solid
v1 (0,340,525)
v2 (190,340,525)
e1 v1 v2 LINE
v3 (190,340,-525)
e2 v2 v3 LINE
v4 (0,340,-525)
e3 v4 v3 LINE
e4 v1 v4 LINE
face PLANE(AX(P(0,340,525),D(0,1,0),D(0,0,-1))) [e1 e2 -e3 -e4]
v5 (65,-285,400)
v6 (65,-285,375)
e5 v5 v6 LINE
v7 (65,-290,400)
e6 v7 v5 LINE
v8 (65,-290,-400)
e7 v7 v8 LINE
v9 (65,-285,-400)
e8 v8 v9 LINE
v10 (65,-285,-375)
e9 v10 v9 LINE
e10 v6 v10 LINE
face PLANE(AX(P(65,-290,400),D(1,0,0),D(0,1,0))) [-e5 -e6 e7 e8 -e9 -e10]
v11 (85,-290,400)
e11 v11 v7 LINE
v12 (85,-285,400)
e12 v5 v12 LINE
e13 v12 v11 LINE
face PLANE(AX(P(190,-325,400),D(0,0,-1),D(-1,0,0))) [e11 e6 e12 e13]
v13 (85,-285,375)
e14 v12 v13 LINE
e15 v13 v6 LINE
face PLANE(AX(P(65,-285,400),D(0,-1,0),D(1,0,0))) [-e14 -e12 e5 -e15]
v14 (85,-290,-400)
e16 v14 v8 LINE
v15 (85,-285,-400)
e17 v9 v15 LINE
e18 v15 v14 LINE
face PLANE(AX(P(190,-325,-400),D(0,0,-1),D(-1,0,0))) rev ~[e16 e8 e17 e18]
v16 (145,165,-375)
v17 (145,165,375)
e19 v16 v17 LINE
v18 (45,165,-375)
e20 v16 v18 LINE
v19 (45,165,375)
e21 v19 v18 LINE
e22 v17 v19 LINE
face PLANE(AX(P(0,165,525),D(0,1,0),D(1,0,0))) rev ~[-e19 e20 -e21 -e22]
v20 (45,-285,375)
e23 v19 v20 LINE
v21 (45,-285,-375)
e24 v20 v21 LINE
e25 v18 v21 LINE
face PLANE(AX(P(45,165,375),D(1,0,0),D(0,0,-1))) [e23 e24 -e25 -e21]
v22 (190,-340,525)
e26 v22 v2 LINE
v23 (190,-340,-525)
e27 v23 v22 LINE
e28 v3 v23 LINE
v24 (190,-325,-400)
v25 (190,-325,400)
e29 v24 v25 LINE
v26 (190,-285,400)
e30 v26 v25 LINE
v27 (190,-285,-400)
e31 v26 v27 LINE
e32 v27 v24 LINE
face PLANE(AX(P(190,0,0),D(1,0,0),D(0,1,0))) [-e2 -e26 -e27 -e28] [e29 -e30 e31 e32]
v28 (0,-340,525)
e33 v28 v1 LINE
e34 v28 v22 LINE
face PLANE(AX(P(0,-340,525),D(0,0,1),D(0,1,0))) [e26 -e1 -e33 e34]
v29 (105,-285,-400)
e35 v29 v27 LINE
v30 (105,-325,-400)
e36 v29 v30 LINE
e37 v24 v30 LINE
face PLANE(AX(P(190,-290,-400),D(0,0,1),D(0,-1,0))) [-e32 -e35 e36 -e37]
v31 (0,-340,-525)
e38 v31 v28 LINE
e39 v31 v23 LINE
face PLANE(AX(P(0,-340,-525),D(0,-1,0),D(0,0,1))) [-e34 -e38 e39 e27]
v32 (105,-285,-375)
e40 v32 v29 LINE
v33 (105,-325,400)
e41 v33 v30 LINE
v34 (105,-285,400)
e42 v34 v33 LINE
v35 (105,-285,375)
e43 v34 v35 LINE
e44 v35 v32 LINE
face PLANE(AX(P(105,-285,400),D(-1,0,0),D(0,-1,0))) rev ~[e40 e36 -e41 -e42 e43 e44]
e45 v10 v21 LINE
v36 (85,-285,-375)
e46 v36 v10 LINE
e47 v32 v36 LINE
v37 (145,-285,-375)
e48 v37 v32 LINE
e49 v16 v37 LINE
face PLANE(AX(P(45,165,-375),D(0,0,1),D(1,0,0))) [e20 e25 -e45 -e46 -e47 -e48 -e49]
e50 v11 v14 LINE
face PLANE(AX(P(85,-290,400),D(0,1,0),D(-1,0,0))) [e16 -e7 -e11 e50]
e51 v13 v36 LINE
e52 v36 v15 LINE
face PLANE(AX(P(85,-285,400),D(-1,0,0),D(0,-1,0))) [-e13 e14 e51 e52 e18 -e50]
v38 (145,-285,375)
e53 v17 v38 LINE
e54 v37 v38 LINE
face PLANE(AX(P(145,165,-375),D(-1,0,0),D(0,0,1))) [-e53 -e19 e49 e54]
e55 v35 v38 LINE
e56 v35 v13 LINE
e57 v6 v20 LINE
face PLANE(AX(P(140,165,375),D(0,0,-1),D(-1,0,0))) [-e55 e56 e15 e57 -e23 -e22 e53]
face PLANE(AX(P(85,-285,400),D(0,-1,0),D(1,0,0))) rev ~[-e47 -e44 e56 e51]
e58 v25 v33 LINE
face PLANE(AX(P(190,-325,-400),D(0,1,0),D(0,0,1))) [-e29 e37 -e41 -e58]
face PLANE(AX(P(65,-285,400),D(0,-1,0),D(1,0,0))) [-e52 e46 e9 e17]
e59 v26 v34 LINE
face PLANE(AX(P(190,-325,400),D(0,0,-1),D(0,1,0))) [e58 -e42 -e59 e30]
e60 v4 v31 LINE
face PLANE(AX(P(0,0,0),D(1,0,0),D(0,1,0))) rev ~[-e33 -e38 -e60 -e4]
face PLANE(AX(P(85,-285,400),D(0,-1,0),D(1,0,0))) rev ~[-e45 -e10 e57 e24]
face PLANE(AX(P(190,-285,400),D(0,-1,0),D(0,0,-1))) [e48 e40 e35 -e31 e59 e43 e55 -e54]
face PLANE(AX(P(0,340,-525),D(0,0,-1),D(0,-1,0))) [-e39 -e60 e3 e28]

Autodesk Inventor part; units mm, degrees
sketch "草图1" plane through (0, 0, 0) normal (1, 0, 0) x (0, 1, 0)
  line L0 (340, -525) -> (-340, -525)
  line L1 (-340, -525) -> (-340, 525)
  line L2 (-340, 525) -> (340, 525)
  line L3 (340, 525) -> (340, -525)
  line L4 (340, -525) -> (-340, 525) construction
  line L5 (-340, -525) -> (340, 525) construction
  point P0 (0, 0)
  dimension "d0" = 680
  dimension "d1" = 1050
extrude "拉伸1" add sketch "草图1" along normal blind 190
fillet "圆角1" [suppressed]
sketch "草图2" plane through (190, 0, 0) normal (1, 0, 0) x (0, 0, -1)
  line L0 (475, -290) -> (-475, -290) projected
  line L1 (475, 290) -> (475, -290) projected
  line L2 (-475, 290) -> (475, 290) projected
  line L3 (-475, -290) -> (-475, 290) projected
  line L4 (-475, 290) -> (475, 290)
  line L5 (475, 290) -> (475, 190)
  line L6 (475, 190) -> (-475, 190)
  line L7 (-475, 190) -> (-475, 290)
  point P0 (0, 0)
  dimension "d5" = 100
extrude "拉伸2" [suppressed]
sketch "草图3" plane through (190, 0, 0) normal (1, 0, 0) x (0, 0, -1)
  line L0 (-475, -290) -> (-475, 290) projected
  line L1 (475, -290) -> (-475, -290) projected
  line L2 (475, 290) -> (475, -290) projected
  line L3 (-525, -340) -> (525, -340) projected
  line L4 (-525, 340) -> (-525, -340) projected
  line L5 (525, -340) -> (525, 340) projected
  line L6 (-475, -241.0052) -> (375, -241.0052)
  line L7 (375, -241.0052) -> (375, -341.0052)
  line L8 (375, -341.0052) -> (-475, -341.0052)
  line L9 (-475, -341.0052) -> (-475, -241.0052)
  point P0 (0, 0)
  point P1 (425, -191.0052)
  point P2 (425, -240)
  dimension "d8" = 850
  dimension "d9" = 100
extrude "拉伸3" [suppressed]
sketch "草图4" plane through (190, -191.0052, -425) normal (0, -1, 0) x (1, 0, 0)
  line L0 (-27.3454, 1.363) -> (-107.3454, 1.363)
  line L1 (-107.3454, 1.363) -> (-107.3454, 851.363)
  line L2 (-107.3454, 851.363) -> (-27.3454, 851.363)
  line L3 (-27.3454, 851.363) -> (-27.3454, 1.363)
  point P0 (-190, 425)
  dimension "d12" = 80
  dimension "d13" = 850
extrude "拉伸4" [suppressed]
sketch "草图5" plane through (190, 0, 0) normal (1, 0, 0) x (0, 0, -1)
  line L0 (475, -290) -> (-475, -290) projected
  line L1 (475, 290) -> (475, -290) projected
  line L2 (-475, 290) -> (475, 290) projected
  line L3 (-475, -290) -> (-475, 290) projected
  line L4 (-400, -285) -> (400, -285)
  line L5 (400, -285) -> (400, -325)
  line L6 (400, -325) -> (-400, -325)
  line L7 (-400, -325) -> (-400, -285)
  line L8 (-525, -340) -> (525, -340) projected
  point P0 (0, 0)
  point P1 (-400, -305)
  point P2 (-400, -290)
  point P3 (400, -290)
  dimension "d16" = 800
  dimension "d17" = 40
  dimension "d19" = 75
  dimension "d34" = 55
extrude "拉伸5" cut sketch "草图5" against normal blind 105 contours L5 L6 L7 L0 | L0 L7 L4 L5
ref_plane "工作平面1" through (0, 165, 525) normal (0, 1, 0) x (1, 0, 0)
sketch "草图6" plane through (0, 165, 525) normal (0, 1, 0) x (1, 0, 0)
  line L0 (190, 50) -> (190, 1000) projected
  arc A0 (190, 1000) -> (140, 1050) centre (140, 1000) ccw projected
  line L1 (140, 1050) -> (140, 0) projected
  arc A1 (140, 0) -> (190, 50) centre (140, 50) ccw projected
  line L2 (0, 1050) -> (190, 1050) projected
  line L3 (0, 1050) -> (0, 0) projected
  line L4 (0, 0) -> (190, 0) projected
  line L5 (145, 150) -> (45, 150)
  line L6 (45, 150) -> (45, 900)
  line L7 (45, 900) -> (145, 900)
  line L8 (145, 900) -> (145, 150)
  line L9 (190, 1050) -> (190, 0) projected
  point P0 (0, 525)
  dimension "d23" = 100
  dimension "d24" = 750
  dimension "d25" = 150
  dimension "d26" = 45
extrude "拉伸6" cut sketch "草图6" against normal blind 450 contours L5 L6 L7 L1 | L1 L7 L8 L5
fillet "圆角3" [suppressed]
ref_plane "工作平面2" through (0, -340, 225) normal (0, 0, 1) x (1, 0, 0)
sketch "草图7" plane through (0, -340, 225) normal (0, 0, 1) x (1, 0, 0)
  point P0 (0, 340)
sketch "草图8" plane through (0, -340, 225) normal (0, 0, 1) x (1, 0, 0)
  line L0 (-8.4267, 713.5838) -> (252.801, 713.5838)
  line L1 (252.801, 713.5838) -> (252.801, -46.692)
  line L2 (252.801, -46.692) -> (-8.4267, -46.692)
  line L3 (-8.4267, -46.692) -> (-8.4267, 713.5838)
  point P0 (0, 340)
extrude "拉伸7" [suppressed]
sketch "草图9" plane through (190, -285, -400) normal (0, -1, 0) x (1, 0, 0)
  line L0 (0, 800) -> (-105, 800) projected
  line L1 (0, 0) -> (-105, 0) projected
  line L2 (-105, 0) -> (-105, 800) projected
  arc A0 (0, 875) -> (-50, 925) centre (-50, 875) ccw projected
  line L3 (0, 875) -> (-190, 875)
  line L4 (-190, -125) -> (-190, 925) projected
  arc A1 (-50, -125) -> (0, -75) centre (-50, -75) ccw projected
  line L5 (0, -75) -> (-190, -75)
  line L6 (-95, 875) -> (-95, -75)
  line L7 (-25, 800) -> (-65, 800)
  line L8 (-65, 800) -> (-65, 0)
  line L9 (-65, 0) -> (-25, 0)
  line L10 (-25, 0) -> (-25, 800)
  line L11 (-185, 800) -> (-145, 800)
  line L12 (-145, 800) -> (-145, 0)
  line L13 (-145, 0) -> (-185, 0)
  line L14 (-185, 0) -> (-185, 800)
  point P0 (-190, 400)
  point P1 (-14.2929, 800)
  point P2 (-14.2929, 0)
  point P3 (-25, 0)
  point P4 (-65, 800)
  dimension "d35" = 40
  dimension "d36" = 30
extrude "拉伸8" [suppressed]
ref_plane "工作平面3" through (125, 0, 0) normal (1, 0, 0) x (0, 0, -1)
sketch "草图10" plane through (125, 0, 0) normal (1, 0, 0) x (0, 0, -1)
  line L0 (400, -280) -> (-400, -280) projected
  line L1 (-400, -280) -> (-400, 220) projected
  line L2 (-400, 220) -> (400, 220) projected
  line L3 (400, -280) -> (400, 220) projected
  line L4 (-400, 220) -> (400, 220)
  line L5 (400, 220) -> (400, 160)
  line L6 (400, 160) -> (-400, 160)
  line L7 (-400, 160) -> (-400, 220)
  point P0 (0, 0)
  point P1 (-400, 160)
  point P2 (400, 160)
  dimension "d40" = 800
  dimension "d41" = 60
extrude "拉伸9" [suppressed]
fillet "圆角4" [suppressed]
ref_plane "工作平面4" through (190, -290, -400) normal (0, -1, 0) x (1, 0, 0)
ref_plane "工作平面5" through (95, 0, 0) normal (1, 0, 0) x (0, 0, -1)
ref_plane "工作平面6" through (190, -290, 350) normal (0, 0, -1) x (-1, 0, 0)
sketch "草图11" plane through (0, -340, -525) normal (0, 0, -1) x (-1, 0, 0)
  point P0 (0, 340)
ref_plane "工作平面7" through (0, -340, 225) normal (0, 0, 1) x (1, 0, 0)
sketch "草图12" plane through (0, -340, 225) normal (0, 0, 1) x (1, 0, 0)
  line L0 (145, 505) -> (45, 505) projected
  line L1 (145, 55) -> (85, 55) projected
  line L2 (145, 505) -> (145, 55) projected
  line L3 (145, 505) -> (45, 505) projected
  line L4 (45, 505) -> (45, 55) projected
  line L5 (45, 55) -> (85, 55) projected
  line L6 (190, 55) -> (190, 15) projected
  line L7 (190, 55) -> (85, 55) projected
  line L8 (85, 55) -> (85, 15) projected
  line L9 (190, 15) -> (85, 15) projected
  line L10 (0, 0) -> (190, 0) projected
  line L11 (0, 0) -> (0, 680) projected
  line L12 (0, 680) -> (190, 680) projected
  line L13 (190, 0) -> (190, 680) projected
  point P0 (0, 340)
sketch "草图13" plane through (0, -340, -525) normal (0, 0, -1) x (-1, 0, 0)
  line L0 (-45, 505) -> (-45, 55) projected
  line L1 (-45, 55) -> (-85, 55) projected
  line L2 (-85, 55) -> (-85, 15) projected
  line L3 (-85, 55) -> (-65, 55)
  line L4 (-65, 55) -> (-65, 15)
  line L5 (-65, 15) -> (-85, 15)
  line L6 (-85, 15) -> (-85, 55)
  point P0 (0, 340)
  point P1 (-65, 35)
  dimension "d49" = 20
  dimension "d50" = 40
  dimension "d51" = 20
extrude "拉伸10" [suppressed]
sketch "草图14" plane through (190, -325, 400) normal (0, 0, -1) x (-1, 0, 0)
  line L0 (145, 490) -> (45, 490) projected
  line L1 (45, 490) -> (45, 40) projected
  line L2 (105, 40) -> (45, 40) projected
  line L3 (105, 40) -> (145, 40) projected
  line L4 (145, 490) -> (145, 40) projected
  line L5 (0, 40) -> (0, 0) projected
  line L6 (0, 40) -> (105, 40) projected
  line L7 (105, 40) -> (105, 0) projected
  line L8 (0, 0) -> (105, 0) projected
  line L9 (105, 40) -> (85, 40)
  line L10 (85, 40) -> (85, 0)
  line L11 (85, 0) -> (105, 0)
  line L12 (105, 0) -> (105, 40)
  line L13 (45, 40) -> (65, 40)
  line L14 (65, 40) -> (65, 20)
  line L15 (65, 20) -> (45, 20)
  line L16 (45, 20) -> (45, 40)
  line L17 (145, 40) -> (105, 40) projected
  line L18 (105, 40) -> (125, 40)
  line L19 (125, 40) -> (125, 35)
  line L20 (125, 35) -> (105, 35)
  line L21 (105, 35) -> (105, 40)
  point P0 (190, 325)
  point P1 (85, 40)
  dimension "d54" = 20
  dimension "d55" = 40
  dimension "d56" = 20
  dimension "d57" = 20
  dimension "d67" = 20
  dimension "d68" = 5
extrude "拉伸11" add sketch "草图14" along normal blind 800 contours L2 L14 L15 L16 | L7 L8 L10 L2
sketch "草图15" plane through (190, -325, 400) normal (0, 0, -1) x (-1, 0, 0)
  line L0 (0, 40) -> (45, 40) projected
  line L1 (45, 40) -> (0, 40)
  line L2 (0, 40) -> (0, 35)
  line L3 (0, 35) -> (45, 35)
  line L4 (45, 35) -> (45, 40)
  point P0 (190, 325)
  dimension "d60" = 45
  dimension "d61" = 5
extrude "拉伸12" [suppressed]
sketch "草图16" plane through (190, -325, 400) normal (0, 1, 0) x (1, 0, 0)
  line L0 (-105, 800) -> (-105, 0) projected
  line L1 (0, 800) -> (0, 0) projected
  line L2 (-105, 0) -> (0, 0)
  line L3 (0, 0) -> (0, 800)
  line L4 (0, 800) -> (-105, 800)
  line L5 (-105, 800) -> (-105, 0)
  point P0 (-190, 400)
extrude "拉伸13" [suppressed]
fillet "圆角5" [suppressed]
sketch "草图17" plane through (190, -325, 400) normal (0, 0, -1) x (-1, 0, 0)
  line L0 (145, 40) -> (85, 40) projected
  line L1 (125, 40) -> (105, 40)
  line L2 (105, 40) -> (105, 35)
  line L3 (105, 35) -> (125, 35)
  line L4 (125, 35) -> (125, 40)
  line L5 (145, 490) -> (145, 40) projected
  point P0 (190, 325)
  point P1 (125, 37.5)
  point P2 (105, 40)
  dimension "d69" = 20
  dimension "d70" = 5
  dimension "d71" = 20
extrude "拉伸14" cut sketch "草图17" along normal blind 800
ref_plane "工作平面8" through (0, -340, 225) normal (0, 0, 1) x (1, 0, 0)
sketch "草图18" plane through (0, -340, 225) normal (0, 0, 1) x (1, 0, 0)
  line L0 (-8.4988, 711.8216) -> (199.7213, 711.8216)
  line L1 (199.7213, 711.8216) -> (199.7213, -36.0709)
  line L2 (199.7213, -36.0709) -> (-8.4988, -36.0709)
  line L3 (-8.4988, -36.0709) -> (-8.4988, 711.8216)
  point P0 (0, 340)
extrude "拉伸15" [suppressed]
sketch "草图19" plane through (145, -305, 400) normal (1, 0, 0) x (0, 0, -1)
  line L0 (0, 20) -> (25, 20) projected
  line L1 (0, 0) -> (800, 0) projected
  line L2 (0, 20) -> (800, 20)
  line L3 (800, 20) -> (800, 0)
  line L4 (800, 0) -> (0, 0)
  line L5 (0, 0) -> (0, 20)
  point P0 (400, 305)
extrude "拉伸16" [suppressed]
sketch "草图20" plane through (190, -325, 400) normal (0, 0, -1) x (-1, 0, 0)
  line L0 (65, 40) -> (85, 40) projected
  line L1 (65, 20) -> (45, 20) projected
  line L2 (65, 40) -> (45, 40)
  line L3 (45, 40) -> (45, 20)
  line L4 (45, 20) -> (65, 20)
  line L5 (65, 20) -> (65, 40)
  point P0 (190, 325)
extrude "拉伸17" cut sketch "草图20" along normal blind 800
properties part number "heater" material "聚碳酸酯，透明"
